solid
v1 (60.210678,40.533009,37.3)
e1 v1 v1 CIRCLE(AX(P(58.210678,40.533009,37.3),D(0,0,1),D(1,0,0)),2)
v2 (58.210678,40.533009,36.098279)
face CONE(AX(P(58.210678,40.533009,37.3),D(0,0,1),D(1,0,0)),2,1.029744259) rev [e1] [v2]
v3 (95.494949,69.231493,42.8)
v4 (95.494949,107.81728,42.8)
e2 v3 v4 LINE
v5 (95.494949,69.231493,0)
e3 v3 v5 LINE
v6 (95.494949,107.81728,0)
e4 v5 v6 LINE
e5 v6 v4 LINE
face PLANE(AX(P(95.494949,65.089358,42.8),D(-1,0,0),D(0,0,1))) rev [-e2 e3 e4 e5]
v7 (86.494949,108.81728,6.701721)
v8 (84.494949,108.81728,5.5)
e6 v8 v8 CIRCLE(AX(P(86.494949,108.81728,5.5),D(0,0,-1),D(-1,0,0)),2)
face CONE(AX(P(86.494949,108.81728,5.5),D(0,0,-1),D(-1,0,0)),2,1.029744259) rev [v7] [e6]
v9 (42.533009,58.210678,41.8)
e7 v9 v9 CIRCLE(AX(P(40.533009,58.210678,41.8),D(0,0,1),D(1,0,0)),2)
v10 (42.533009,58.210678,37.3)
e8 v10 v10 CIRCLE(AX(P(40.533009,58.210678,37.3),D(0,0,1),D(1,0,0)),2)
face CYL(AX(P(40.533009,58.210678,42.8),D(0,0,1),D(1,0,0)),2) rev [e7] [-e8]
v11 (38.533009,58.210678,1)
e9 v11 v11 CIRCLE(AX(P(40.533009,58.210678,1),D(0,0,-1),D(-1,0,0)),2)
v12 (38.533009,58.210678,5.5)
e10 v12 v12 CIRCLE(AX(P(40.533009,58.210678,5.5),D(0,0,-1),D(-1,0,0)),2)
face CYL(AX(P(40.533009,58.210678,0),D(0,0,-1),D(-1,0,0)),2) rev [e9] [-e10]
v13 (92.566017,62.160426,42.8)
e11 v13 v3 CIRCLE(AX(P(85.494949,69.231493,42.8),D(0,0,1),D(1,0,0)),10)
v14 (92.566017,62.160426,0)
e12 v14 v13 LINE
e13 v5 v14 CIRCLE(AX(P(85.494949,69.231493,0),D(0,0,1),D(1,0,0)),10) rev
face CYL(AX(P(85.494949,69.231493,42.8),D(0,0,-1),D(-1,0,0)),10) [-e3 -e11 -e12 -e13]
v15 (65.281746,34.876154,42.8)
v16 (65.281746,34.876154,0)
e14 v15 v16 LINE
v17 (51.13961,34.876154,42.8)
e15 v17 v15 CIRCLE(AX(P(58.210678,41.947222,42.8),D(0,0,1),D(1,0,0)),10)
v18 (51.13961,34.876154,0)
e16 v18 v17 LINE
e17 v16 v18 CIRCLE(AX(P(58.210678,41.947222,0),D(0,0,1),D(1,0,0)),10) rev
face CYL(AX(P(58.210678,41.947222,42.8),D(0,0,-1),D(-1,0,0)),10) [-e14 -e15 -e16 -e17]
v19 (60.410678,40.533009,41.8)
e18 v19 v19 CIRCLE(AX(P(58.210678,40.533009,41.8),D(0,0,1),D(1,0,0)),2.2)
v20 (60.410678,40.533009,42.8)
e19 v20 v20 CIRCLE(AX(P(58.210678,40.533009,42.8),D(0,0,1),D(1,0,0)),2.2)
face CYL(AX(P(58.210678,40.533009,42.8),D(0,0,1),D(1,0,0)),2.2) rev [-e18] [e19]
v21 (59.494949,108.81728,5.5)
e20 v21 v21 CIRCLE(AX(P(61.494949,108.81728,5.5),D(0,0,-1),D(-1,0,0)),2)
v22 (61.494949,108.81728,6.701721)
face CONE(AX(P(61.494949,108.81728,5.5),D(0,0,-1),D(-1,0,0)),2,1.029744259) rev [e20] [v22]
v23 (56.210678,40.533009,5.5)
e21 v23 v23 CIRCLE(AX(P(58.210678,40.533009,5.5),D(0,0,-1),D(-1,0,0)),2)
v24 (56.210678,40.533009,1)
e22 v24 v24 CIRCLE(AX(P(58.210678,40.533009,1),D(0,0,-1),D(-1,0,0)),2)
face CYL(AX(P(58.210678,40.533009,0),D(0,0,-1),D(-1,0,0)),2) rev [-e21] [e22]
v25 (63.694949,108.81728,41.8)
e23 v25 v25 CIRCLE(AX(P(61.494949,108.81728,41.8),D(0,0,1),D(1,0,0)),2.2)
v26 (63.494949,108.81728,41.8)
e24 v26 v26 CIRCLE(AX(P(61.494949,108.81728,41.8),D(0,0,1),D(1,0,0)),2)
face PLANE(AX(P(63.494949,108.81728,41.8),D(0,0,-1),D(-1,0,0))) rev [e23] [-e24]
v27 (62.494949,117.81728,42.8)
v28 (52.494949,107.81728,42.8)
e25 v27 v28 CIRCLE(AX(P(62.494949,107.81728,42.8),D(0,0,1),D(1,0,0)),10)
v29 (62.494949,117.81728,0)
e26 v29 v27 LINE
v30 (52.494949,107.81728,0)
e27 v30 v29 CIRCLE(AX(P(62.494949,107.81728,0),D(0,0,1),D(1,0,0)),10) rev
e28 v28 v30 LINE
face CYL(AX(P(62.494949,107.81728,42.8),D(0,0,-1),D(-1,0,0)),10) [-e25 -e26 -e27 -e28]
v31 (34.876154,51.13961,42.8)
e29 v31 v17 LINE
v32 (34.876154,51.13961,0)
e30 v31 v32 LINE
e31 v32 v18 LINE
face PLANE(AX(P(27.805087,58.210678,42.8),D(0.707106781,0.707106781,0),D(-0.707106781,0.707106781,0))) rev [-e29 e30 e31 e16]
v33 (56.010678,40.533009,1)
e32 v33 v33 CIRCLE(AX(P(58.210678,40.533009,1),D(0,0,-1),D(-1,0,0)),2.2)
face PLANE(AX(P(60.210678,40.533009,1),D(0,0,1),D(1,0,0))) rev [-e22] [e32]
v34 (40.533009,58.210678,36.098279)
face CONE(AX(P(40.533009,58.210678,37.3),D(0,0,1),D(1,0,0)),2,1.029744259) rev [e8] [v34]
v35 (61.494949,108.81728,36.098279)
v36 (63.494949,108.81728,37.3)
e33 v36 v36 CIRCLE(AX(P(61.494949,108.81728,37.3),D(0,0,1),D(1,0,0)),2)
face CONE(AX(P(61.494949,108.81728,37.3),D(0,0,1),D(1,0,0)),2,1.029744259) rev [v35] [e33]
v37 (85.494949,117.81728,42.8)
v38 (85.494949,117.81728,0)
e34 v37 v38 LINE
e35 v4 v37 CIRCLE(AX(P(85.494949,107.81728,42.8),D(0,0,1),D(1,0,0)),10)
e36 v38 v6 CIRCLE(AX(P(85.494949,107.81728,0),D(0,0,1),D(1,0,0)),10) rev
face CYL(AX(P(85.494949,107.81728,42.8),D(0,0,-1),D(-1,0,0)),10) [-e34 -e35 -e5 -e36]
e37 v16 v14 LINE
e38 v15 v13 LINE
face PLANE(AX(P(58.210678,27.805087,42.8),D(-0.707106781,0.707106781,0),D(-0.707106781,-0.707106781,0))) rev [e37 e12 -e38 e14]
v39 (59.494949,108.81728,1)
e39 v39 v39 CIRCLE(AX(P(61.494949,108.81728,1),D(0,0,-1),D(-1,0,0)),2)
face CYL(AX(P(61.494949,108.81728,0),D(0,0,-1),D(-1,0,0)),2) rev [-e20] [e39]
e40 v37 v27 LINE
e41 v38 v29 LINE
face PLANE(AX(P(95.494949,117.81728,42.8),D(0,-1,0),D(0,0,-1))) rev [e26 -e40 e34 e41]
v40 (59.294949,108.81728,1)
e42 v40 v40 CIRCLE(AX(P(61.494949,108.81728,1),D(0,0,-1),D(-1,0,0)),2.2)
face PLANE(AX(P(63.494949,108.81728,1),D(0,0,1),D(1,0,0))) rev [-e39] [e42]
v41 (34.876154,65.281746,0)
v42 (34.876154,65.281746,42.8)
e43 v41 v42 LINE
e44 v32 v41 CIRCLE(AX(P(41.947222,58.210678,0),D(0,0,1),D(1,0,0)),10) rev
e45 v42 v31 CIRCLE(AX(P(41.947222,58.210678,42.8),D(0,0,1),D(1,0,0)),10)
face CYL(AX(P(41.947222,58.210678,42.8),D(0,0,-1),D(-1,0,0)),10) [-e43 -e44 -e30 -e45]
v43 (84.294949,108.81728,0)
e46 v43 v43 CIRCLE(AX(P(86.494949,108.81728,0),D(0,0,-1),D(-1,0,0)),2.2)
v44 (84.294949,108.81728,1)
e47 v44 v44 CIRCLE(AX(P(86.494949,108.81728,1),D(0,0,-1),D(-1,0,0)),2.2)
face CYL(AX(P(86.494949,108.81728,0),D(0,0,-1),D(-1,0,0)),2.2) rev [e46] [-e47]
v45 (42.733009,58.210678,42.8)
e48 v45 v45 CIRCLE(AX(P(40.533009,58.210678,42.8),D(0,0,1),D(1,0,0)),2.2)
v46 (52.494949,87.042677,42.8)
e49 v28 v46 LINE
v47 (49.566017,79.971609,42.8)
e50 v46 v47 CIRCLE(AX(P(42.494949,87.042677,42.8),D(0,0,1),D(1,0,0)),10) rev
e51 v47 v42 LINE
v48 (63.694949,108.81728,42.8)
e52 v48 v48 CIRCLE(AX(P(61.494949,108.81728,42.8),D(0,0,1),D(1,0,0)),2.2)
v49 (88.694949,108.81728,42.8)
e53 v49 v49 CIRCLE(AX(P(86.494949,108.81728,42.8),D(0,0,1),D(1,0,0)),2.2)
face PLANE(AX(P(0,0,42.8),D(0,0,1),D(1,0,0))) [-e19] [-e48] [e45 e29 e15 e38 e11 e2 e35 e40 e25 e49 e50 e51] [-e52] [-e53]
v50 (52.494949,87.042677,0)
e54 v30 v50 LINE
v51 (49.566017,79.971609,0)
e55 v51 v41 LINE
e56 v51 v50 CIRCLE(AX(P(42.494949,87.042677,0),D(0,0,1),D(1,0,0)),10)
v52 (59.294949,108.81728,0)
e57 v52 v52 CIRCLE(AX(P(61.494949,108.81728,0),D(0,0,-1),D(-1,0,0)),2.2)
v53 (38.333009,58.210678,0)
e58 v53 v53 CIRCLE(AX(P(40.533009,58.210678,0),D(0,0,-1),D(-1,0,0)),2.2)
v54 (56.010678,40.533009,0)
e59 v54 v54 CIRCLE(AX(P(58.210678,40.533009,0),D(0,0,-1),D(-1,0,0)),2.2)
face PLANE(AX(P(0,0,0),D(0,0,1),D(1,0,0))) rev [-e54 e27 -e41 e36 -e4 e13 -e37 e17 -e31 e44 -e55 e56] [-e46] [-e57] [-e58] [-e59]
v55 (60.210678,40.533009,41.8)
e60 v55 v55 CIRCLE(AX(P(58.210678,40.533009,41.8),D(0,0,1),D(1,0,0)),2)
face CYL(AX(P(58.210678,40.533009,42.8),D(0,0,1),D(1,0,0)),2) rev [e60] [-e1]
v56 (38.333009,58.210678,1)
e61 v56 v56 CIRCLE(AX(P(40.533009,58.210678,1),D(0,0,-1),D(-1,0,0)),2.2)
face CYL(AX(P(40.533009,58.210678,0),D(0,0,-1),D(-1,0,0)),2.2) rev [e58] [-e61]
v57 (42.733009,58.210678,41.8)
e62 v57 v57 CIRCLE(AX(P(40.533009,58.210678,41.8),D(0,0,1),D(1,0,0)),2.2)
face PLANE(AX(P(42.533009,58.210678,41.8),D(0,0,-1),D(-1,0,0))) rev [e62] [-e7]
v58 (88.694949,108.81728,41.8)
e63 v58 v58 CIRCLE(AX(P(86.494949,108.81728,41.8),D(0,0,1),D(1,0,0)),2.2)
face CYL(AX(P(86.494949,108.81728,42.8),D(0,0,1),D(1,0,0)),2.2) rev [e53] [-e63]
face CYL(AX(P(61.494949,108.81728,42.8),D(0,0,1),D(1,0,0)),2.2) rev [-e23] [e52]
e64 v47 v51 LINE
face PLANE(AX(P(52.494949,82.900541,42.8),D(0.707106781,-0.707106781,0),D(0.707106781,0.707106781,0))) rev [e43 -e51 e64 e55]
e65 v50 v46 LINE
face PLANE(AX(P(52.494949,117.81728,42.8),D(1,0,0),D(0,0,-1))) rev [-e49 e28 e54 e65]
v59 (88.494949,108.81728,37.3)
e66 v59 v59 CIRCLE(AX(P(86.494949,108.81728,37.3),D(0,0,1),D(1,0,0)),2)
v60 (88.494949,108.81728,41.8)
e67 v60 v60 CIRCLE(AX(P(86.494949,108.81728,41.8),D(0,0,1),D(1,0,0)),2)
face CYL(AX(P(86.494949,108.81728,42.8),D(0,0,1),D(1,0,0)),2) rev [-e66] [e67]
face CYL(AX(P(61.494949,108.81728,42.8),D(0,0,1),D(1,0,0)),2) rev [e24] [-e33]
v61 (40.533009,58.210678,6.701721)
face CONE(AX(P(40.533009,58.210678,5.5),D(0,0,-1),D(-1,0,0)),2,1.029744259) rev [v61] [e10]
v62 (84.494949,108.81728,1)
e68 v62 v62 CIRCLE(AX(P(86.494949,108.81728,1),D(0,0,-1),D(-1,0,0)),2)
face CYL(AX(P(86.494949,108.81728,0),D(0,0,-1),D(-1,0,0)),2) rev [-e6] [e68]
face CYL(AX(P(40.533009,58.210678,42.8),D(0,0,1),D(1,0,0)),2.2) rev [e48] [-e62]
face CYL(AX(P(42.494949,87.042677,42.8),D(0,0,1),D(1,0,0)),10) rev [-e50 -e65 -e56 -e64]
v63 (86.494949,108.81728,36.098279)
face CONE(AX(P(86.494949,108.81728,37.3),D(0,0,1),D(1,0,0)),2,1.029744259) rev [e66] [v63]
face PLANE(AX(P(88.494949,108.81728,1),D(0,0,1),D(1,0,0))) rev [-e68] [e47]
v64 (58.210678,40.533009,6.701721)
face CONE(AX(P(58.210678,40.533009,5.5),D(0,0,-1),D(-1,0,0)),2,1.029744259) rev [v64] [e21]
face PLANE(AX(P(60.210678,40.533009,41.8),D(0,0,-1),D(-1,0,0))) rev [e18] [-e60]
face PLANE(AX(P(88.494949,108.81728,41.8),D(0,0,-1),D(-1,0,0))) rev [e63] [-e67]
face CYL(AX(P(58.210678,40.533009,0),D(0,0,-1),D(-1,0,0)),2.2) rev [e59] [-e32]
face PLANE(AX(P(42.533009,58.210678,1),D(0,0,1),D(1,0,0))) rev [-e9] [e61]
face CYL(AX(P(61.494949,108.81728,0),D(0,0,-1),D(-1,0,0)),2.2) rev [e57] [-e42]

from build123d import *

# Parameters (mm, degrees)
BOSS_EXTRUDE1_DEPTH                          = 42.8
CBORE_FOR_M5_HEX_HEAD_CAP_SCREW1_D           = 4
CBORE_FOR_M5_HEX_HEAD_CAP_SCREW1_DEPTH       = 5.5
CBORE_FOR_M5_HEX_HEAD_CAP_SCREW1_CBORE_D     = 4.4
CBORE_FOR_M5_HEX_HEAD_CAP_SCREW1_CBORE_DEPTH = 1
CBORE_FOR_M5_HEX_HEAD_CAP_SCREW1_TIP         = 1.201721238
CBORE_FOR_M5_HEX_HEAD_CAP_SCREW2_D           = 4
CBORE_FOR_M5_HEX_HEAD_CAP_SCREW2_DEPTH       = 5.5
CBORE_FOR_M5_HEX_HEAD_CAP_SCREW2_CBORE_D     = 4.4
CBORE_FOR_M5_HEX_HEAD_CAP_SCREW2_CBORE_DEPTH = 1
CBORE_FOR_M5_HEX_HEAD_CAP_SCREW2_TIP         = 1.201721238
FILLET1_R                                    = 10


with BuildPart() as part:
    # Sketch3 → Boss-Extrude1 (new body)
    with BuildSketch(Plane.XY):
        Polygon((52.494949366, 117.817279836), (52.494949366, 82.900540957), (27.805086528, 58.210678119), (58.210678119, 27.805086528), (95.494949366, 65.089357775), (95.494949366, 117.817279836), align=None)
    extrude(amount=BOSS_EXTRUDE1_DEPTH)

    # CBORE for M5 Hex Head Cap Screw1
    with Locations(Plane(origin=(0, 0, 0), x_dir=(-1, 0, 0), z_dir=(0, 0, -1))):
        with Locations((-86.494949366, 108.817279836), (-61.494949366, 108.817279836), (-58.210678119, 40.533008589), (-40.533008589, 58.210678119)):
            CounterBoreHole(CBORE_FOR_M5_HEX_HEAD_CAP_SCREW1_D / 2, CBORE_FOR_M5_HEX_HEAD_CAP_SCREW1_CBORE_D / 2, CBORE_FOR_M5_HEX_HEAD_CAP_SCREW1_CBORE_DEPTH, depth=CBORE_FOR_M5_HEX_HEAD_CAP_SCREW1_DEPTH)
            with Locations((0, 0, -(CBORE_FOR_M5_HEX_HEAD_CAP_SCREW1_DEPTH + CBORE_FOR_M5_HEX_HEAD_CAP_SCREW1_TIP / 2))):  # 118° drill point
                Cone(0, CBORE_FOR_M5_HEX_HEAD_CAP_SCREW1_D / 2, CBORE_FOR_M5_HEX_HEAD_CAP_SCREW1_TIP, mode=Mode.SUBTRACT)

    # CBORE for M5 Hex Head Cap Screw2
    with Locations(Plane.XY.offset(42.8)):
        with Locations((61.494949366, 108.817279836), (86.494949366, 108.817279836), (58.210678119, 40.533008589), (40.533008589, 58.210678119)):
            CounterBoreHole(CBORE_FOR_M5_HEX_HEAD_CAP_SCREW2_D / 2, CBORE_FOR_M5_HEX_HEAD_CAP_SCREW2_CBORE_D / 2, CBORE_FOR_M5_HEX_HEAD_CAP_SCREW2_CBORE_DEPTH, depth=CBORE_FOR_M5_HEX_HEAD_CAP_SCREW2_DEPTH)
            with Locations((0, 0, -(CBORE_FOR_M5_HEX_HEAD_CAP_SCREW2_DEPTH + CBORE_FOR_M5_HEX_HEAD_CAP_SCREW2_TIP / 2))):  # 118° drill point
                Cone(0, CBORE_FOR_M5_HEX_HEAD_CAP_SCREW2_D / 2, CBORE_FOR_M5_HEX_HEAD_CAP_SCREW2_TIP, mode=Mode.SUBTRACT)

    # Fillet1
    fillet1_edges = [part.edges().sort_by_distance(p)[0] for p in [
        (95.494949366, 117.817279836, 21.4),
        (95.494949366, 65.089357775, 21.4),
        (58.210678119, 27.805086528, 21.4),
        (27.805086528, 58.210678119, 21.4),
        (52.494949366, 82.900540957, 21.4),
        (52.494949366, 117.817279836, 21.4),
    ]]
    fillet(fillet1_edges, radius=FILLET1_R)


solid = part.part
